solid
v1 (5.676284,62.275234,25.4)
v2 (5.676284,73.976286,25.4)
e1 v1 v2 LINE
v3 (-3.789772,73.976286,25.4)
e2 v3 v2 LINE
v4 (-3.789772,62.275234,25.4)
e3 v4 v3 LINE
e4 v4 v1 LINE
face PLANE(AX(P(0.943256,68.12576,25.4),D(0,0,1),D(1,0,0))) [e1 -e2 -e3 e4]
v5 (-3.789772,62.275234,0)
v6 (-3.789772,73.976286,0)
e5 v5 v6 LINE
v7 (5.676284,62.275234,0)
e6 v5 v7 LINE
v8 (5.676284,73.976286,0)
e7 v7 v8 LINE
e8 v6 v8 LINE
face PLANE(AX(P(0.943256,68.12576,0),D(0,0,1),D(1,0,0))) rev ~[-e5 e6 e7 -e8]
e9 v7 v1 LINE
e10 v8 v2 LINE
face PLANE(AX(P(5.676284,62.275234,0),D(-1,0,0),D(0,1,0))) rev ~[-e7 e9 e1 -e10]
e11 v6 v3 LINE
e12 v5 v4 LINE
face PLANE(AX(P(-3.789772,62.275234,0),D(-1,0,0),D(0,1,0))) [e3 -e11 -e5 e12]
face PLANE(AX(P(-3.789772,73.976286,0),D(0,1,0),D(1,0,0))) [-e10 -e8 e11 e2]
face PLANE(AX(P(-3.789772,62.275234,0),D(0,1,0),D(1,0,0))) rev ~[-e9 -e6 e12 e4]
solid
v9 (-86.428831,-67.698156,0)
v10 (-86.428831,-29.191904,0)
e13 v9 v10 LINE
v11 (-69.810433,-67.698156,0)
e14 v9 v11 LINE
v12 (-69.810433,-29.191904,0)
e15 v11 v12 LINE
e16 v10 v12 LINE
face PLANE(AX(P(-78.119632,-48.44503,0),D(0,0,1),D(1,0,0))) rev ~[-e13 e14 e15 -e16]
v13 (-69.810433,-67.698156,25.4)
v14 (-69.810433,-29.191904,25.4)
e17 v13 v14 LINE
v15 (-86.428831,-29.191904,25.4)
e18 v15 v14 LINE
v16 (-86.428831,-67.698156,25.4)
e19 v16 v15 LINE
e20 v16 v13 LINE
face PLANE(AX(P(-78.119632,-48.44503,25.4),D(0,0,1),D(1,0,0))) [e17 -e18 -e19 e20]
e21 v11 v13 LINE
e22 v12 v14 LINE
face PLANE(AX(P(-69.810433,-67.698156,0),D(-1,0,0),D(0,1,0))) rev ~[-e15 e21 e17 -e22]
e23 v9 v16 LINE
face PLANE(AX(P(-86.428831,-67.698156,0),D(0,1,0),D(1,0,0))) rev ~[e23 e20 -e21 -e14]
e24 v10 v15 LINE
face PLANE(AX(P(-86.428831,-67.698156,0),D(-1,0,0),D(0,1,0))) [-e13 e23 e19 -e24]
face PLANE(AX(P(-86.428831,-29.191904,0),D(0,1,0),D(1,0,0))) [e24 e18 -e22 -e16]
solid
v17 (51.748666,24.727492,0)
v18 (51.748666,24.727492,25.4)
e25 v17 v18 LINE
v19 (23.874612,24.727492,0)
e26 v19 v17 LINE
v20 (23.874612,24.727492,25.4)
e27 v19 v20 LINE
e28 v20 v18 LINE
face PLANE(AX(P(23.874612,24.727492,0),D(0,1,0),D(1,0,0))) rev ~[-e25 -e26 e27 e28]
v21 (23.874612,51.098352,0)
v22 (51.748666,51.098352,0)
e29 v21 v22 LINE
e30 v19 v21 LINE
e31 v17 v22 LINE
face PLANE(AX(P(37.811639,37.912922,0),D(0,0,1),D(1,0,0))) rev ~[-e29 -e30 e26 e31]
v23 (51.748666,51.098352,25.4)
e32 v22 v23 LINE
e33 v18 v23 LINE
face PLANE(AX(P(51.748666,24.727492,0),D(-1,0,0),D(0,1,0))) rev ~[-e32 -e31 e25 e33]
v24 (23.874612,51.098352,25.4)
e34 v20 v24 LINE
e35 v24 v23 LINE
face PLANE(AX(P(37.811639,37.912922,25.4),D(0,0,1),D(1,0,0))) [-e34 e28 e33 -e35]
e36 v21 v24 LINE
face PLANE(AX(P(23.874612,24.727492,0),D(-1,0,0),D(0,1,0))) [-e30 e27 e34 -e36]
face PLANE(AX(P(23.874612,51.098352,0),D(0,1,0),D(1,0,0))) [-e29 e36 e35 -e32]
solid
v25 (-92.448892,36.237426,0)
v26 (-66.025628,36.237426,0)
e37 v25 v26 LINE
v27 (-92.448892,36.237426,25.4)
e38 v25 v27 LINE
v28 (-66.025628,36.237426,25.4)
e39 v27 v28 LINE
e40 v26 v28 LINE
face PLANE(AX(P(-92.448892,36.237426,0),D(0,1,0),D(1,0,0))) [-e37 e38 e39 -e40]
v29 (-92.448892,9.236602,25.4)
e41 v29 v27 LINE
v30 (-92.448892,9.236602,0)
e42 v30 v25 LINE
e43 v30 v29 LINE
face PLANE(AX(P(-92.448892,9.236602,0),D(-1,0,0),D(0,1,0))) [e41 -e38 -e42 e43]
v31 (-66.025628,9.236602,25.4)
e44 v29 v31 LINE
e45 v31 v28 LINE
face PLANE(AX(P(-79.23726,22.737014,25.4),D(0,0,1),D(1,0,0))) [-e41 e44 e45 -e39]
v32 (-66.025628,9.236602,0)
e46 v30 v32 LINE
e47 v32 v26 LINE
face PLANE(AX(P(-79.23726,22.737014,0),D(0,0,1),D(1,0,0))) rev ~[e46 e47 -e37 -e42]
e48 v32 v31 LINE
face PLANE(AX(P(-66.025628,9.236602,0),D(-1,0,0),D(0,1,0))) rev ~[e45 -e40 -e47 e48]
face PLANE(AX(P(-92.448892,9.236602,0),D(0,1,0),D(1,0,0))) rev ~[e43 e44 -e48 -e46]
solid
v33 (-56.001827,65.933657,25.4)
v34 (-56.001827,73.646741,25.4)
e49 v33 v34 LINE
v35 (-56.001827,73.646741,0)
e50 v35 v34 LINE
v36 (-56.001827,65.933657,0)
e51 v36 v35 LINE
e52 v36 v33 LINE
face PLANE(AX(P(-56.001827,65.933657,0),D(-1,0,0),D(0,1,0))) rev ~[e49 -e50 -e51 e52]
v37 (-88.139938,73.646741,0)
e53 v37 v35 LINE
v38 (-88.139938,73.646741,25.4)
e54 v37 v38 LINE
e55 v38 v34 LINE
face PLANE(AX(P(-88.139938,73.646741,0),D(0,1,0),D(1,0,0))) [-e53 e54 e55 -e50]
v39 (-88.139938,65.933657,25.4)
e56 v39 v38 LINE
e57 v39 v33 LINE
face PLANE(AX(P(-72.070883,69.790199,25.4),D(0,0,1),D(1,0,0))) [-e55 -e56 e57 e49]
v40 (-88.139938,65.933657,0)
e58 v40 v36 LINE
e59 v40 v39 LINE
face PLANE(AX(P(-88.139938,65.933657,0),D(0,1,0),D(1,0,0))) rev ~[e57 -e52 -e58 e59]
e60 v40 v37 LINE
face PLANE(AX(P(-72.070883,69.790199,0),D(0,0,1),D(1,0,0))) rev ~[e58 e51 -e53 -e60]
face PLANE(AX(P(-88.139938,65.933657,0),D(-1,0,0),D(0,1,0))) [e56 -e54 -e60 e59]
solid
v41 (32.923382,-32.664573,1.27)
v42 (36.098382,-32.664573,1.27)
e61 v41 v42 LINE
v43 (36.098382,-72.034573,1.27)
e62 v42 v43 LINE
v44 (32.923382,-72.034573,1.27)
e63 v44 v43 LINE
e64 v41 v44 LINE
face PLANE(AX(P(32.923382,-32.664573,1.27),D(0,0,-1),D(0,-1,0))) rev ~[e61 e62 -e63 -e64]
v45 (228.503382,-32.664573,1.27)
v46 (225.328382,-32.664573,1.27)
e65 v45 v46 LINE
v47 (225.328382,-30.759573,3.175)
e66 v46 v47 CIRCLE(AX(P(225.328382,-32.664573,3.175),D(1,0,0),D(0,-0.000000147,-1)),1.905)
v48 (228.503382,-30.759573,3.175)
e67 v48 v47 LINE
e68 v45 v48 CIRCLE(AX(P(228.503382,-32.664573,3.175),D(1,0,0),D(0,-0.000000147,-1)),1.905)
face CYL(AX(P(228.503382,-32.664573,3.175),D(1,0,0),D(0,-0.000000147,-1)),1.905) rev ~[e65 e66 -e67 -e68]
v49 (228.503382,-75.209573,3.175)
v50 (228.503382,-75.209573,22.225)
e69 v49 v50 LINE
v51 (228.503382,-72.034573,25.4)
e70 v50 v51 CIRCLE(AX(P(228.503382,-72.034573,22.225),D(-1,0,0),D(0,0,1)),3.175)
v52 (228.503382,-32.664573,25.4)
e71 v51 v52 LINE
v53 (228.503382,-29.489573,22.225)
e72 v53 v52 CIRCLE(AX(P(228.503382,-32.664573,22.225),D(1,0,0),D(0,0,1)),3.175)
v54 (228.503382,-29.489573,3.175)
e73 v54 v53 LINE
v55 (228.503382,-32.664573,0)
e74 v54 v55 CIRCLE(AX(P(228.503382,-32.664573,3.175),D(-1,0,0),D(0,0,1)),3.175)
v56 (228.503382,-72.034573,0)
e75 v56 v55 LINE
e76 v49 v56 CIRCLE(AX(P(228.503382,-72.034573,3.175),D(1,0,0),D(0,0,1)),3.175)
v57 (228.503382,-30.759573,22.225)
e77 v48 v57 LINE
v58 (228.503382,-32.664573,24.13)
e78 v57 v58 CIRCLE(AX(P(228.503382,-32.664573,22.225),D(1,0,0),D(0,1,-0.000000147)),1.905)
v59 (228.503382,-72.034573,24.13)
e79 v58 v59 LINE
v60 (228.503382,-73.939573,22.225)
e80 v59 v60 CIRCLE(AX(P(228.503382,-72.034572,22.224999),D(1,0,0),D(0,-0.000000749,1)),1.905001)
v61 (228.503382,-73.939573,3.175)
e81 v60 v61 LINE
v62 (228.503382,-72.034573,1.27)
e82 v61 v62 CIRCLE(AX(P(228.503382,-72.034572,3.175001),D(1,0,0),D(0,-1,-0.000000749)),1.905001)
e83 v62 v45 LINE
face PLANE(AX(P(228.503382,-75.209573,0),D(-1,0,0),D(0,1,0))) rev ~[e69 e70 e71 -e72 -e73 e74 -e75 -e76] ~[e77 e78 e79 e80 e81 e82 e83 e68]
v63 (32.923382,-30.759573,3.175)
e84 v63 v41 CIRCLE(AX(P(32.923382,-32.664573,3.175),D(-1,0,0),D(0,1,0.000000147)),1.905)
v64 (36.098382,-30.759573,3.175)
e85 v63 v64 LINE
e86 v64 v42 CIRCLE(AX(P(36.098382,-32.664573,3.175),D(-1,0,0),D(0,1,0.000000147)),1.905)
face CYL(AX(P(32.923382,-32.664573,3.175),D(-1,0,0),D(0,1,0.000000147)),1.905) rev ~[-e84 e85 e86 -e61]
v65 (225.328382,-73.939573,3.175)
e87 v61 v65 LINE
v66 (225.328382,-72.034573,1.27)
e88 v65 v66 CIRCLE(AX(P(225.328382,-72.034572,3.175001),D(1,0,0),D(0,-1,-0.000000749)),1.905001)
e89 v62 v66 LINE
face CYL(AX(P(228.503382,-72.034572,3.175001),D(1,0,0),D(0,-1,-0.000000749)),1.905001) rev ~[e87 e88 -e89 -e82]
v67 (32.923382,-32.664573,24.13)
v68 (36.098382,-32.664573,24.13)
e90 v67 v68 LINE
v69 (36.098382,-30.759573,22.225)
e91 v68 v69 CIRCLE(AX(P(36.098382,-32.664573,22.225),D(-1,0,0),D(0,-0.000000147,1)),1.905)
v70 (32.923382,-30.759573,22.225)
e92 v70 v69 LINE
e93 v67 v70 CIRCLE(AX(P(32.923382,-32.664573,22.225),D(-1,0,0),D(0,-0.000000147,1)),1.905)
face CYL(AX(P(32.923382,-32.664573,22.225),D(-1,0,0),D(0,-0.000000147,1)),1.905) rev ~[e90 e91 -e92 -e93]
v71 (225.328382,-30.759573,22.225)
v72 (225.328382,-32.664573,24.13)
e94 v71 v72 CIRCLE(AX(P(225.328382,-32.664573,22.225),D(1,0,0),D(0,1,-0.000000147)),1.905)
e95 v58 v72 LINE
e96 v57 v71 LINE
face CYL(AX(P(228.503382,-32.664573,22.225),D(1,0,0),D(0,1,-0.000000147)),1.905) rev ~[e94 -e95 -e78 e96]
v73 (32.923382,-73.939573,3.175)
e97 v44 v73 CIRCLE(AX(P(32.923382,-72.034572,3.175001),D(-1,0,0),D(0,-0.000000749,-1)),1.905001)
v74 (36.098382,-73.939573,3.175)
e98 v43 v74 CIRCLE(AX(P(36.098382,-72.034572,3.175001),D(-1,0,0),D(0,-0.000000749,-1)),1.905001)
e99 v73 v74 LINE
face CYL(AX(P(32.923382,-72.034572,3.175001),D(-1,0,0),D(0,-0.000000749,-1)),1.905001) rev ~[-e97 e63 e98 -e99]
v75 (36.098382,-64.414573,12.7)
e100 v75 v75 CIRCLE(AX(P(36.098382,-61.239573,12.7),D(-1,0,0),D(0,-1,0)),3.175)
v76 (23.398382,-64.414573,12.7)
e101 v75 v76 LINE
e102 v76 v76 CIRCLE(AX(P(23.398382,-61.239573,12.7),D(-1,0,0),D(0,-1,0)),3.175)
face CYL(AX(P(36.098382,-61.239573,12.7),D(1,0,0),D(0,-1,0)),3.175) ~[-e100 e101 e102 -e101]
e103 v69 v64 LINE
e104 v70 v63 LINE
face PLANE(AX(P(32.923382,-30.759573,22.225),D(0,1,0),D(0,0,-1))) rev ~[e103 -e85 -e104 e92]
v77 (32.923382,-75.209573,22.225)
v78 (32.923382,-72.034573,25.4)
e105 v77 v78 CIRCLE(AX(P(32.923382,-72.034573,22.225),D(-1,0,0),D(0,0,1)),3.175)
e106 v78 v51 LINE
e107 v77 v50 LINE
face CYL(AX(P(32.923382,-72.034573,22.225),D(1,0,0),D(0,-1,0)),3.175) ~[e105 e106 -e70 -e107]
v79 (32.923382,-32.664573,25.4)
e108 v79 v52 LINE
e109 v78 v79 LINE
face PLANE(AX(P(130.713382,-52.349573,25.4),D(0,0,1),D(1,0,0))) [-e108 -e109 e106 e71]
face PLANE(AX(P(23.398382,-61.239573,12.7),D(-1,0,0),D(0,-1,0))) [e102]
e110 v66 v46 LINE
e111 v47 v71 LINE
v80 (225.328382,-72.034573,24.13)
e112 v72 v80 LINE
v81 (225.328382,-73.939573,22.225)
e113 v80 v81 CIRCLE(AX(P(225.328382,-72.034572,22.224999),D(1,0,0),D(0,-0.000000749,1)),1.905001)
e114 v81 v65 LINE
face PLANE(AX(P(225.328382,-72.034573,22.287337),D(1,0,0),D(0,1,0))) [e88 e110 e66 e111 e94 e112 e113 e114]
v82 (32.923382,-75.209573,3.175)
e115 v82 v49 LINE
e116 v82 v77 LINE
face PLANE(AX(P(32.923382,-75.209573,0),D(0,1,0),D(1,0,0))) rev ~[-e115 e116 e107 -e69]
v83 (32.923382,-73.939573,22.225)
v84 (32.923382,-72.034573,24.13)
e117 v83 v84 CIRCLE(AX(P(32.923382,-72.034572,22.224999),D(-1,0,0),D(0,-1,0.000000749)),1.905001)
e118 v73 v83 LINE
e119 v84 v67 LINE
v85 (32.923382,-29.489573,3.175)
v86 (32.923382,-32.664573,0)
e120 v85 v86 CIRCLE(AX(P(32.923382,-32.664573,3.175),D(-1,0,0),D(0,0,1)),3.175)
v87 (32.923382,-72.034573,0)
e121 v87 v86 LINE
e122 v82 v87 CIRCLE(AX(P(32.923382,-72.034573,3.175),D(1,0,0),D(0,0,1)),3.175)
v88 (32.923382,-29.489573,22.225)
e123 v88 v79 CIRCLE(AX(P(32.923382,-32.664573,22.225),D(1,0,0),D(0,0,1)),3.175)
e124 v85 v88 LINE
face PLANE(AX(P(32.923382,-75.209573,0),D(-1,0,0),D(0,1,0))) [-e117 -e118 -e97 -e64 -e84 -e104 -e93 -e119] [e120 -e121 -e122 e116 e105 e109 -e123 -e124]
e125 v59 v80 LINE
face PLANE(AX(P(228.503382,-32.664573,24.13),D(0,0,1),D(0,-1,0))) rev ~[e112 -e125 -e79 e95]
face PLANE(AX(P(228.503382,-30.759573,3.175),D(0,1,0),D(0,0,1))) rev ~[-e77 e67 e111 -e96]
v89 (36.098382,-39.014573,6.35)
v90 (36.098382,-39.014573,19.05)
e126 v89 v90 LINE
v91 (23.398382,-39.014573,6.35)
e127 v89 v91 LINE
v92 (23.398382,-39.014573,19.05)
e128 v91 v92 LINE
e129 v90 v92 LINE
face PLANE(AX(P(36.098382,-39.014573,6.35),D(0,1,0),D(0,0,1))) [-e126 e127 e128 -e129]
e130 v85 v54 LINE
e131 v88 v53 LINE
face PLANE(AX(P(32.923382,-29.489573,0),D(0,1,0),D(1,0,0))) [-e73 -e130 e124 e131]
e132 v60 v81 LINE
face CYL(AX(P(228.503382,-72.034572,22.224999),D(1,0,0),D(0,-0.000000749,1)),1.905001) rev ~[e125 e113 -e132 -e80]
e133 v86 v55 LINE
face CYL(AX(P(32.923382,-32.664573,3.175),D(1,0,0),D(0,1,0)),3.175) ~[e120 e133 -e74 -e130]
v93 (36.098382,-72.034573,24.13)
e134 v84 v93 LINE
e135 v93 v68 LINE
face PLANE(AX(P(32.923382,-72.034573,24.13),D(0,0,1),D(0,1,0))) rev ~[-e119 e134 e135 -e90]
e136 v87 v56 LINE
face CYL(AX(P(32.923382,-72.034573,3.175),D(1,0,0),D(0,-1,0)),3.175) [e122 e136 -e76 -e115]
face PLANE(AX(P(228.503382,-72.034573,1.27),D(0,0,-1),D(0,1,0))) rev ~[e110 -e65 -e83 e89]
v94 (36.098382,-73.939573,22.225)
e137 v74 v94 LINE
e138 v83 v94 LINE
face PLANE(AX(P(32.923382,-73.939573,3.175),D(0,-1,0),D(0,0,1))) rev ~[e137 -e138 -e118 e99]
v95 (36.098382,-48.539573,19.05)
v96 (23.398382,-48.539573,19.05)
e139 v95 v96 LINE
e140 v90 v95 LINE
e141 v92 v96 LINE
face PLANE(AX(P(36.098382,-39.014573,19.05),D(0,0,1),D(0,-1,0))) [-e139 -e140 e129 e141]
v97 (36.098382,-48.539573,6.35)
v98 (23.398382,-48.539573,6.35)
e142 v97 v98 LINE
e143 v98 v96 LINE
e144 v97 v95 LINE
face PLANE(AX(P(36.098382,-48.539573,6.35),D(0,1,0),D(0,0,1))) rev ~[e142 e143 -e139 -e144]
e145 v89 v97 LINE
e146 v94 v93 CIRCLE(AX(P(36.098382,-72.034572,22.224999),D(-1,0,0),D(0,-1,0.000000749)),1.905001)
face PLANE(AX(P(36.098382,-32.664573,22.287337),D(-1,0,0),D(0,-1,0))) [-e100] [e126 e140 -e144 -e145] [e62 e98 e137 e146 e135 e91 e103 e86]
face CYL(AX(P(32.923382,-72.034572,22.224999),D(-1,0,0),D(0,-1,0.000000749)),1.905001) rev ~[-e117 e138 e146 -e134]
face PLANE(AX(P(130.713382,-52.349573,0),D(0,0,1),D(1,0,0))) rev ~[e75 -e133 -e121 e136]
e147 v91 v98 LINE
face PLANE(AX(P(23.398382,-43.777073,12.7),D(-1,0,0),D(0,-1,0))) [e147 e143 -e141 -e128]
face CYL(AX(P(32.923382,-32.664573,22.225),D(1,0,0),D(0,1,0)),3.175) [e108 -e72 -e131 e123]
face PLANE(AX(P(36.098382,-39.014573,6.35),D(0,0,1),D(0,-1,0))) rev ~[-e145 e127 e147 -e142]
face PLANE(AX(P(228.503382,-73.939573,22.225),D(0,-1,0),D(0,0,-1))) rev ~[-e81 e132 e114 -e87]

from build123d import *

# Parameters (mm, degrees)
F0_W     = 16.618398
F0_H     = 38.506252
F0_W_2   = 26.423264
F0_H_2   = 27.000825
F0_W_3   = 32.138111
F0_H_3   = 7.713083
F0_W_4   = 9.466055
F0_H_4   = 11.701052
F0_W_5   = 27.874055
F0_H_5   = 26.37086
F0_W_6   = 195.58
F0_H_6   = 45.72
F1_DEPTH = 25.4
F2_R     = 3.175
F4_DEPTH = 3.175
F6_DEPTH = 3.175
F7_W     = 9.525
F7_H     = 12.7
F7_R     = 3.175
F8_DEPTH = 12.7


with BuildPart() as f1:
    # F0 (on Top) → F1 (new body)
    with BuildSketch(Plane.XY):
        with Locations((-78.119632, -48.44503)):
            Rectangle(F0_W, F0_H)
        with Locations((-79.23726, 22.737014)):
            Rectangle(F0_W_2, F0_H_2)
        with Locations((-72.070883, 69.790199)):
            Rectangle(F0_W_3, F0_H_3)
        with Locations((0.943256, 68.12576)):
            Rectangle(F0_W_4, F0_H_4)
        with Locations((37.811639, 37.912922)):
            Rectangle(F0_W_5, F0_H_5)
        with Locations((130.713382, -52.349573)):
            Rectangle(F0_W_6, F0_H_6)
    extrude(amount=F1_DEPTH)

    # F2
    f2_edges = [f1.edges().sort_by_distance(p)[0] for p in [
        (130.713382, -75.209573, 25.4),
        (130.713382, -75.209573, 0),
        (130.713382, -29.489573, 0),
        (130.713382, -29.489573, 25.4),
    ]]
    fillet(f2_edges, radius=F2_R)

    # F3 (on face) → F4 (cut)
    with BuildSketch(Plane.YZ.offset(228.503382)):
        with BuildLine():
            ThreePointArc((-73.939573, 22.225), (-72.034573, 20.32), (-70.129573, 22.225))
            ThreePointArc((-70.129573, 22.225), (-70.687534, 23.572038), (-72.034573, 24.13))
            ThreePointArc((-72.034573, 24.13), (-73.381611, 23.572038), (-73.939573, 22.225))
        make_face()
        with BuildLine():
            ThreePointArc((-72.034573, 24.13), (-70.687534, 23.572038), (-70.129573, 22.225))
            ThreePointArc((-70.129573, 22.225), (-72.034573, 20.32), (-73.939573, 22.225))
            Line((-73.939573, 22.225), (-73.939573, 3.175))
            ThreePointArc((-73.939573, 3.175), (-72.034573, 5.08), (-70.129573, 3.175))
            ThreePointArc((-70.129573, 3.175), (-70.687534, 1.827962), (-72.034573, 1.27))
            Line((-72.034573, 1.27), (-32.664573, 1.27))
            ThreePointArc((-32.664573, 1.27), (-34.011611, 4.522038), (-30.759573, 3.175))
            Line((-30.759573, 3.175), (-30.759573, 22.225))
            ThreePointArc((-30.759573, 22.225), (-34.011611, 20.877962), (-32.664573, 24.13))
            Line((-32.664573, 24.13), (-72.034573, 24.13))
        make_face()
        with BuildLine():
            ThreePointArc((-30.759573, 22.225), (-31.317534, 23.572038), (-32.664573, 24.13))
            ThreePointArc((-32.664573, 24.13), (-34.011611, 20.877962), (-30.759573, 22.225))
        make_face()
        with BuildLine():
            ThreePointArc((-70.129573, 3.175), (-72.034573, 5.08), (-73.939573, 3.175))
            ThreePointArc((-73.939573, 3.175), (-73.381611, 1.827962), (-72.034573, 1.27))
            ThreePointArc((-72.034573, 1.27), (-70.687534, 1.827962), (-70.129573, 3.175))
        make_face()
        with BuildLine():
            ThreePointArc((-32.664573, 1.27), (-31.317534, 1.827962), (-30.759573, 3.175))
            ThreePointArc((-30.759573, 3.175), (-34.011611, 4.522038), (-32.664573, 1.27))
        make_face()
    extrude(amount=-F4_DEPTH, mode=Mode.SUBTRACT)

    # F5 (on face) → F6 (cut)
    with BuildSketch(Plane(origin=(32.923382, 0, 0), x_dir=(0, -1, 0), z_dir=(-1, 0, 0))):
        with BuildLine():
            ThreePointArc((30.759573, 22.225), (32.664573, 20.32), (34.569573, 22.225))
            ThreePointArc((34.569573, 22.225), (34.011611, 23.572038), (32.664573, 24.13))
            ThreePointArc((32.664573, 24.13), (31.317534, 23.572038), (30.759573, 22.225))
        make_face()
        with BuildLine():
            ThreePointArc((32.664573, 24.13), (34.011611, 23.572038), (34.569573, 22.225))
            ThreePointArc((34.569573, 22.225), (32.664573, 20.32), (30.759573, 22.225))
            Line((30.759573, 22.225), (30.759573, 3.175))
            ThreePointArc((30.759573, 3.175), (32.664573, 5.08), (34.569573, 3.175))
            ThreePointArc((34.569573, 3.175), (34.011611, 1.827962), (32.664573, 1.27))
            Line((32.664573, 1.27), (72.034573, 1.27))
            ThreePointArc((72.034573, 1.27), (70.687534, 4.522038), (73.939573, 3.175))
            Line((73.939573, 3.175), (73.939573, 22.225))
            ThreePointArc((73.939573, 22.225), (70.687534, 20.877962), (72.034573, 24.13))
            Line((72.034573, 24.13), (32.664573, 24.13))
        make_face()
        with BuildLine():
            ThreePointArc((73.939573, 22.225), (73.381611, 23.572038), (72.034573, 24.13))
            ThreePointArc((72.034573, 24.13), (70.687534, 20.877962), (73.939573, 22.225))
        make_face()
        with BuildLine():
            ThreePointArc((34.569573, 3.175), (32.664573, 5.08), (30.759573, 3.175))
            ThreePointArc((30.759573, 3.175), (31.317534, 1.827962), (32.664573, 1.27))
            ThreePointArc((32.664573, 1.27), (34.011611, 1.827962), (34.569573, 3.175))
        make_face()
        with BuildLine():
            ThreePointArc((72.034573, 1.27), (73.381611, 1.827962), (73.939573, 3.175))
            ThreePointArc((73.939573, 3.175), (70.687534, 4.522038), (72.034573, 1.27))
        make_face()
    extrude(amount=-F6_DEPTH, mode=Mode.SUBTRACT)

    # F7 (on face) → F8 (join)
    with BuildSketch(Plane(origin=(36.098382, 0, 0), x_dir=(0, -1, 0), z_dir=(-1, 0, 0))):
        with Locations((43.777073, 12.7)):
            Rectangle(F7_W, F7_H)
        with Locations((61.239573, 12.7)):
            Circle(F7_R)
    extrude(amount=F8_DEPTH)


solid = f1.part
